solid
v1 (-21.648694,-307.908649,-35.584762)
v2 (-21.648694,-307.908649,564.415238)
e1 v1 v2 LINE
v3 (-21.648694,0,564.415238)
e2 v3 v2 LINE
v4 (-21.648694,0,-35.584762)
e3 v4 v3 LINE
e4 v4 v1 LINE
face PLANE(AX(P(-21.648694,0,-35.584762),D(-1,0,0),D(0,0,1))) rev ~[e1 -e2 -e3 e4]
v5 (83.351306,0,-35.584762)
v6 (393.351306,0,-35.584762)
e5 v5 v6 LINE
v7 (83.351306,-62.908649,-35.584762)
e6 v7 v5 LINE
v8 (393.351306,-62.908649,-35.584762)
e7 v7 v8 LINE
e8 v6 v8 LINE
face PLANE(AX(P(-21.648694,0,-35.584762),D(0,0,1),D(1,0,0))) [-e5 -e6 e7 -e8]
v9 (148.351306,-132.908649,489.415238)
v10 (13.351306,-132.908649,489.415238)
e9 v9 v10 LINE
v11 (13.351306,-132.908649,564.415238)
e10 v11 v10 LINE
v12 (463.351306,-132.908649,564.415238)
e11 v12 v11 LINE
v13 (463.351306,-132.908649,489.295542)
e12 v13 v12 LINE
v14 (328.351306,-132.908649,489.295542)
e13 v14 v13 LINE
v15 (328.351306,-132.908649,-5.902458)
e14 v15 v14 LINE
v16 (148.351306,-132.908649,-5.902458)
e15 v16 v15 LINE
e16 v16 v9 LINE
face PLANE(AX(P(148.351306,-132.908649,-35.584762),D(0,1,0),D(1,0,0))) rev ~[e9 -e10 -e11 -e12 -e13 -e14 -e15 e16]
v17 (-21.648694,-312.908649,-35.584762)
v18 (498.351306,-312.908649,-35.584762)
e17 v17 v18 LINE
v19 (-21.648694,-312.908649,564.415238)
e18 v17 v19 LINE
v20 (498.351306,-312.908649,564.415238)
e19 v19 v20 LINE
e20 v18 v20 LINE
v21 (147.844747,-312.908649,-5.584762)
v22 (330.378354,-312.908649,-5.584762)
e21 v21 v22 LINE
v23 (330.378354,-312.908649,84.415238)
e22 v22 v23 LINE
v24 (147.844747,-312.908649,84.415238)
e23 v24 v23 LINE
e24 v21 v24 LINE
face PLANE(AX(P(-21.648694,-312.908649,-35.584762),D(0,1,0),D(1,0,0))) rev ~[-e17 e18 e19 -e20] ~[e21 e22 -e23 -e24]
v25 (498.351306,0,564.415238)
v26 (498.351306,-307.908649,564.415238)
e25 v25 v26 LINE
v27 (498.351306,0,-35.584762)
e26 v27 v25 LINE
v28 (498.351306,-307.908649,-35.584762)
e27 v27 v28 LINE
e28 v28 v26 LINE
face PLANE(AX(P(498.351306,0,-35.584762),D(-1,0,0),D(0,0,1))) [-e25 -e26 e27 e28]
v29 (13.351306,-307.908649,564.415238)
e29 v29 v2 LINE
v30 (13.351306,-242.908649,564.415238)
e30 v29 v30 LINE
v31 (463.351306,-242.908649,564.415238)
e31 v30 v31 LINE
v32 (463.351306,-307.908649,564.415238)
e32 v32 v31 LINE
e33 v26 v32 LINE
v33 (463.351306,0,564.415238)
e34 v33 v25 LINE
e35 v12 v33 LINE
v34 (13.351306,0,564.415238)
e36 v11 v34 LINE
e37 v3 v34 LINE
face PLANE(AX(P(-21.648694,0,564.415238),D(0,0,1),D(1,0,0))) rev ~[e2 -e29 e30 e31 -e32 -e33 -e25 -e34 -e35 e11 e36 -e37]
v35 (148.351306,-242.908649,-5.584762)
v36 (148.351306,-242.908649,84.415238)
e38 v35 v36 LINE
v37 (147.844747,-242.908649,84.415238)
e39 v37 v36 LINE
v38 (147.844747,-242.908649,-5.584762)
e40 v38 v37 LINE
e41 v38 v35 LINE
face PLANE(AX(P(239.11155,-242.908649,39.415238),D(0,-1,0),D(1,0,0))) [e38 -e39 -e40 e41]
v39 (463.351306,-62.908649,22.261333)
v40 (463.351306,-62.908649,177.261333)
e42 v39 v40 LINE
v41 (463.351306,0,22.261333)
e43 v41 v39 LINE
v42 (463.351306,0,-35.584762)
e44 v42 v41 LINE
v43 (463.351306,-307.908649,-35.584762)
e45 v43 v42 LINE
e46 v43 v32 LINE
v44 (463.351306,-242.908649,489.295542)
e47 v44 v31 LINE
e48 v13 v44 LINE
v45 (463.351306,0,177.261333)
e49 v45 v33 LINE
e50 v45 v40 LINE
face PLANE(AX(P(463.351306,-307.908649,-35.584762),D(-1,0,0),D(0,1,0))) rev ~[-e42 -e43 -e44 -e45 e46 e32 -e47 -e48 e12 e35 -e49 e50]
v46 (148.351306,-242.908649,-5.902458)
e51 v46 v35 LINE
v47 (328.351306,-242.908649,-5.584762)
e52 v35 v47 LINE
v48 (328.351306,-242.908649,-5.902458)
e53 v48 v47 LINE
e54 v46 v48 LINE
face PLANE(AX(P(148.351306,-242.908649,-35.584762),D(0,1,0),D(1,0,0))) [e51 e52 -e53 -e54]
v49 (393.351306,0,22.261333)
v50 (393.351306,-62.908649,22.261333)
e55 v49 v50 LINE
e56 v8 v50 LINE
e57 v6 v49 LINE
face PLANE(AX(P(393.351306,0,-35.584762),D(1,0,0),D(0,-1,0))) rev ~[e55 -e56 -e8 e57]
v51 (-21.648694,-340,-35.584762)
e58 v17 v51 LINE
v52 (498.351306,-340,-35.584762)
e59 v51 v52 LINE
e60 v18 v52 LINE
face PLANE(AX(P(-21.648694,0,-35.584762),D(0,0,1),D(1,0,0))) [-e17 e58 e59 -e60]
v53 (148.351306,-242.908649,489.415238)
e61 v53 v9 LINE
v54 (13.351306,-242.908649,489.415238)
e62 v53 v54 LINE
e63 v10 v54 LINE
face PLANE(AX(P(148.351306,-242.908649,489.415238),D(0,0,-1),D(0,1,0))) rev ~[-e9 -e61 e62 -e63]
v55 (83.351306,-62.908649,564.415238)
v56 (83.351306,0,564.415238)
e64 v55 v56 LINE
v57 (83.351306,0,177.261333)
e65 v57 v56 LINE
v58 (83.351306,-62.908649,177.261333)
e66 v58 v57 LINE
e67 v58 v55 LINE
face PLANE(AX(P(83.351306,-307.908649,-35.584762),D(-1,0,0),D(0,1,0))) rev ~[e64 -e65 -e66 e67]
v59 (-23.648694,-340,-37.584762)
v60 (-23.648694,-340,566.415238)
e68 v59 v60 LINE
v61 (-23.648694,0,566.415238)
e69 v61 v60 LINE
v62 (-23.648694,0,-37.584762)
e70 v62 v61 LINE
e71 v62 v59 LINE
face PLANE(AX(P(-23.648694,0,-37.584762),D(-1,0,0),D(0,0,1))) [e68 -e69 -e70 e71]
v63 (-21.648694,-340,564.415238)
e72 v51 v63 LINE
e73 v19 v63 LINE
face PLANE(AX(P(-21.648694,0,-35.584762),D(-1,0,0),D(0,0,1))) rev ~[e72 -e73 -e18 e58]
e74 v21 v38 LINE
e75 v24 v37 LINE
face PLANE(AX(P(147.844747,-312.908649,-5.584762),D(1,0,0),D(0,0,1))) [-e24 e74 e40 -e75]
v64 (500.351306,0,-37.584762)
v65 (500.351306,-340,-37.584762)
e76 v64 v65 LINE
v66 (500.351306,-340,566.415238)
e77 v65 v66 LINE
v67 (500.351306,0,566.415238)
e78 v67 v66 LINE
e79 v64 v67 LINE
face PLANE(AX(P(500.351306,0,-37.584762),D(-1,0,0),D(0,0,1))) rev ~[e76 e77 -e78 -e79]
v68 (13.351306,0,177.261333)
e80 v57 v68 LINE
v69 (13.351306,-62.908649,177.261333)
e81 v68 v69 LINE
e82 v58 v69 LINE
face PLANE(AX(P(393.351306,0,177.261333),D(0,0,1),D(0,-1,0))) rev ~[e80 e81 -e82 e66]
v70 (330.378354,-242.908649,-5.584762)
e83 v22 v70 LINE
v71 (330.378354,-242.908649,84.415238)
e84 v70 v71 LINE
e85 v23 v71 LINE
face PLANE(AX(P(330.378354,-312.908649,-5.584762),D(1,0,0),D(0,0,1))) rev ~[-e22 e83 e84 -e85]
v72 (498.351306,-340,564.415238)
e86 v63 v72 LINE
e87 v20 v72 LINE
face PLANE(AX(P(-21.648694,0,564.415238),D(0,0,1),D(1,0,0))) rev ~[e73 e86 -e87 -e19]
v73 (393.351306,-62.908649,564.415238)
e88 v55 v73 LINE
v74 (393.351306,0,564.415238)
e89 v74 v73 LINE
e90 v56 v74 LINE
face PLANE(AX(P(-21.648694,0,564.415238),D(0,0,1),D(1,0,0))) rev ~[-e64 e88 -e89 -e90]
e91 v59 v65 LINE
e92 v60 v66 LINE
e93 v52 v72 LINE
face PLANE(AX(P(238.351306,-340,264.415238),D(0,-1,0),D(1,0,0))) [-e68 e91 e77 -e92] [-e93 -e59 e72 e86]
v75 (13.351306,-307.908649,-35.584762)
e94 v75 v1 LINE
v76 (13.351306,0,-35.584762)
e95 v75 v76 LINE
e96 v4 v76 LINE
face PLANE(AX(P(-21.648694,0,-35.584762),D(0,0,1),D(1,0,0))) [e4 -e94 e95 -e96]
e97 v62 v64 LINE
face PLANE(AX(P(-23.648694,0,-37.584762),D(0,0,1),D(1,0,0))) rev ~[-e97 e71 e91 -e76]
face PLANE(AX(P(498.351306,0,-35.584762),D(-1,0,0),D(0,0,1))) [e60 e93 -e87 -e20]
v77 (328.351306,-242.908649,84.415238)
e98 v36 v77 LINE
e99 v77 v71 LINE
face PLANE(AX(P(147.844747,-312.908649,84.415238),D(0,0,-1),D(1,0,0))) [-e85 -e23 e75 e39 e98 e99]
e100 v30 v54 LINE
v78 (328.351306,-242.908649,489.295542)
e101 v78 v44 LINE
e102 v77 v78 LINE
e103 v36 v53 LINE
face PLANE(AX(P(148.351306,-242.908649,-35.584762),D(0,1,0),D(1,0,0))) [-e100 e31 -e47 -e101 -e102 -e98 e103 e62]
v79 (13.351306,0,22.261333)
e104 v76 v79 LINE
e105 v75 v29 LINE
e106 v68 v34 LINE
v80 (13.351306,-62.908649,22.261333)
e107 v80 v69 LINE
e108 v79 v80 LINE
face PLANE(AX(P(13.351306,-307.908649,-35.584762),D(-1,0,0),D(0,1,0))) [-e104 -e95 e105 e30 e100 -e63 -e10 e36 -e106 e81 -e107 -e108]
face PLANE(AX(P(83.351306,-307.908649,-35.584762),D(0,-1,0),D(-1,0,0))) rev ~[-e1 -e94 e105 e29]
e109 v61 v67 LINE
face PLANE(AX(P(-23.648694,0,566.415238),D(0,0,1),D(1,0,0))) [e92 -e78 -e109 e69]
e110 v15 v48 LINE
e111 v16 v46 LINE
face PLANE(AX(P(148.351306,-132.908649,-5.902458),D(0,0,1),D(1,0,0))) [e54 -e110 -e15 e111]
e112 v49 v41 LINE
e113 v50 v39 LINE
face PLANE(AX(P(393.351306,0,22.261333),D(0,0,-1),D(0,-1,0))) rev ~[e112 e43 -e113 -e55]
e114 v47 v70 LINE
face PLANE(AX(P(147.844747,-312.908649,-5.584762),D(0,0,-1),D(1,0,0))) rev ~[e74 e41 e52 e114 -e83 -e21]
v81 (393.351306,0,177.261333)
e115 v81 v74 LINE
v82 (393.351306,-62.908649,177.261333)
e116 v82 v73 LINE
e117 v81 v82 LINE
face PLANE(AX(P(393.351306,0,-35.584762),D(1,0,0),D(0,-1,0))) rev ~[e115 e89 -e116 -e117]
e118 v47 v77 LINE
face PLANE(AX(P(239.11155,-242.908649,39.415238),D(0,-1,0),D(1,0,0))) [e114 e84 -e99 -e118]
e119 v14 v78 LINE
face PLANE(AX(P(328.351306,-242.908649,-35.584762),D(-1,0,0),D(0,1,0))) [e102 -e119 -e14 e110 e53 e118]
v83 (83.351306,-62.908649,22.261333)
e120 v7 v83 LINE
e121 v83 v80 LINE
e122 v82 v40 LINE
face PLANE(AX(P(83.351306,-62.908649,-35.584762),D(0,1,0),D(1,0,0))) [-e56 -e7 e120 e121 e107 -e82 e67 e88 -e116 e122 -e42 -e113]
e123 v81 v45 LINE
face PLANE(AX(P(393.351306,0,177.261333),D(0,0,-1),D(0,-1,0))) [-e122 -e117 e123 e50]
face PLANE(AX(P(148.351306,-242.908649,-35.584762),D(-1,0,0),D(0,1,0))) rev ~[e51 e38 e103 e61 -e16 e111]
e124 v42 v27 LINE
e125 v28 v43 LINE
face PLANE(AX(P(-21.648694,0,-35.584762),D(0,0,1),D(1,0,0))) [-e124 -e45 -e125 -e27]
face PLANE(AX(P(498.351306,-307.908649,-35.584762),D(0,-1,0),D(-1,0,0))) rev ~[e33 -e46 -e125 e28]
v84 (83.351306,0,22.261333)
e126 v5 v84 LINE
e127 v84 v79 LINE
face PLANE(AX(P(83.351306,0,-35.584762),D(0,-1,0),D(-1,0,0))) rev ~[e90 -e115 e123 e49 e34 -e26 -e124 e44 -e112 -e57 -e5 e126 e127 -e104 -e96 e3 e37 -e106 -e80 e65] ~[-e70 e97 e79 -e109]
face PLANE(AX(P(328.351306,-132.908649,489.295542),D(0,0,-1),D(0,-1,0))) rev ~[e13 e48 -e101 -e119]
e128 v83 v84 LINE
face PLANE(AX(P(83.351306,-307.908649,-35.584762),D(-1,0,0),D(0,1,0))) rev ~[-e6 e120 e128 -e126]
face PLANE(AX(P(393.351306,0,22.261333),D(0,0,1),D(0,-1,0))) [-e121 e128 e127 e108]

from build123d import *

# Parameters (mm, degrees)
F0_W      = 524
F0_H      = 604
F0_W_2    = 520
F0_H_2    = 600
F1_DEPTH  = 340
F2_W      = 310
F2_H      = 240
F2_W_2    = 180
F2_H_2    = 110
F2_H_3    = 5
F3_DEPTH  = 600
F2_W_3    = 65
F2_H_4    = 307.9086494446
F4_DEPTH  = 600
F5_DEPTH  = 600
F6_W      = 182.5336068869
F6_H      = 90
F7_DEPTH  = 70
F8_W      = 180
F8_H      = 29.6823031265
F9_DEPTH  = 110
F10_W     = 62.9086494446
F10_H     = 155
F11_DEPTH = 70
F12_DEPTH = 380
F13_W     = 110
F13_H     = 75
F14_DEPTH = 140
F15_W     = 110
F15_H     = 75.1196961854
F16_DEPTH = 140


with BuildPart() as f1:
    # F0 (on Front) → F1 (new body)
    with BuildSketch(Plane.XZ):
        with Locations((238.3513055446, 264.4152384256)):
            Rectangle(F0_W, F0_H)
        with Locations((238.3513055446, 264.4152384256)):
            Rectangle(F0_W_2, F0_H_2, mode=Mode.SUBTRACT)
    extrude(amount=F1_DEPTH)

    # F2 (on face) → F3 (join)
    with BuildSketch(Plane.XY.offset(-35.5847615744)):
        Polygon((-21.6486944554, -307.9086494446), (-21.6486944554, -312.9086494446), (498.3513055446, -312.9086494446), (498.3513055446, -307.9086494446), (463.3513055446, -307.9086494446), (398.3513055446, -307.9086494446), (393.3513055446, -307.9086494446), (83.3513055446, -307.9086494446), (78.3513055446, -307.9086494446), (13.3513055446, -307.9086494446), align=None)
        with Locations((238.3513055446, -187.9086494446)):
            Rectangle(F2_W, F2_H)
        with Locations((238.3513055446, -187.9086494446)):
            Rectangle(F2_W_2, F2_H_2, mode=Mode.SUBTRACT)
        with Locations((238.3513055446, -65.4086494446)):
            Rectangle(F2_W, F2_H_3)
    extrude(amount=F3_DEPTH)

    # F2 (on face) → F4 (join)
    with BuildSketch(Plane.XY.offset(-35.5847615744)):
        with Locations((45.8513055446, -153.9543247223)):
            Rectangle(F2_W_3, F2_H_4)
        with Locations((430.8513055446, -153.9543247223)):
            Rectangle(F2_W_3, F2_H_4)
    extrude(amount=F4_DEPTH)

    # F2 (on face) → F5 (join)
    with BuildSketch(Plane.XY.offset(-35.5847615744)):
        Polygon((78.3513055446, 0), (78.3513055446, -307.9086494446), (83.3513055446, -307.9086494446), (83.3513055446, -67.9086494446), (83.3513055446, -62.9086494446), (83.3513055446, 0), align=None)
        Polygon((393.3513055446, -307.9086494446), (398.3513055446, -307.9086494446), (398.3513055446, 0), (393.3513055446, 0), (393.3513055446, -62.9086494446), (393.3513055446, -67.9086494446), align=None)
    extrude(amount=F5_DEPTH)

    # F6 (on face) → F7 (cut)
    with BuildSketch(Plane.XZ.offset(312.9086494446)):
        with Locations((239.1115501523, 39.4152384256)):
            Rectangle(F6_W, F6_H)
    extrude(amount=-F7_DEPTH, mode=Mode.SUBTRACT)

    # F8 (on face) → F9 (join)
    with BuildSketch(Plane.XZ.offset(132.9086494446)):
        with Locations((238.3513055446, -20.7436100112)):
            Rectangle(F8_W, F8_H)
    extrude(amount=F9_DEPTH)

    # F10 (on face) → F11 (cut)
    with BuildSketch(Plane(origin=(393.3513055446, 0, 0), x_dir=(0, -1, 0), z_dir=(-1, 0, 0))):
        with Locations((31.4543247223, 99.7613327205)):
            Rectangle(F10_W, F10_H)
    extrude(amount=-F11_DEPTH, mode=Mode.SUBTRACT)

    # F10 (on face) → F12 (cut)
    with BuildSketch(Plane(origin=(393.3513055446, 0, 0), x_dir=(0, -1, 0), z_dir=(-1, 0, 0))):
        with Locations((31.4543247223, 99.7613327205)):
            Rectangle(F10_W, F10_H)
    extrude(amount=F12_DEPTH, mode=Mode.SUBTRACT)

    # F13 (on face) → F14 (cut)
    with BuildSketch(Plane.YZ.offset(148.3513055446)):
        with Locations((-187.9086494446, 526.9152384256)):
            Rectangle(F13_W, F13_H)
    extrude(amount=-F14_DEPTH, mode=Mode.SUBTRACT)

    # F15 (on face) → F16 (cut)
    with BuildSketch(Plane(origin=(328.3513055446, 0, 0), x_dir=(0, -1, 0), z_dir=(-1, 0, 0))):
        with Locations((187.9086494446, 526.8553903329)):
            Rectangle(F15_W, F15_H)
    extrude(amount=-F16_DEPTH, mode=Mode.SUBTRACT)


solid = f1.part
